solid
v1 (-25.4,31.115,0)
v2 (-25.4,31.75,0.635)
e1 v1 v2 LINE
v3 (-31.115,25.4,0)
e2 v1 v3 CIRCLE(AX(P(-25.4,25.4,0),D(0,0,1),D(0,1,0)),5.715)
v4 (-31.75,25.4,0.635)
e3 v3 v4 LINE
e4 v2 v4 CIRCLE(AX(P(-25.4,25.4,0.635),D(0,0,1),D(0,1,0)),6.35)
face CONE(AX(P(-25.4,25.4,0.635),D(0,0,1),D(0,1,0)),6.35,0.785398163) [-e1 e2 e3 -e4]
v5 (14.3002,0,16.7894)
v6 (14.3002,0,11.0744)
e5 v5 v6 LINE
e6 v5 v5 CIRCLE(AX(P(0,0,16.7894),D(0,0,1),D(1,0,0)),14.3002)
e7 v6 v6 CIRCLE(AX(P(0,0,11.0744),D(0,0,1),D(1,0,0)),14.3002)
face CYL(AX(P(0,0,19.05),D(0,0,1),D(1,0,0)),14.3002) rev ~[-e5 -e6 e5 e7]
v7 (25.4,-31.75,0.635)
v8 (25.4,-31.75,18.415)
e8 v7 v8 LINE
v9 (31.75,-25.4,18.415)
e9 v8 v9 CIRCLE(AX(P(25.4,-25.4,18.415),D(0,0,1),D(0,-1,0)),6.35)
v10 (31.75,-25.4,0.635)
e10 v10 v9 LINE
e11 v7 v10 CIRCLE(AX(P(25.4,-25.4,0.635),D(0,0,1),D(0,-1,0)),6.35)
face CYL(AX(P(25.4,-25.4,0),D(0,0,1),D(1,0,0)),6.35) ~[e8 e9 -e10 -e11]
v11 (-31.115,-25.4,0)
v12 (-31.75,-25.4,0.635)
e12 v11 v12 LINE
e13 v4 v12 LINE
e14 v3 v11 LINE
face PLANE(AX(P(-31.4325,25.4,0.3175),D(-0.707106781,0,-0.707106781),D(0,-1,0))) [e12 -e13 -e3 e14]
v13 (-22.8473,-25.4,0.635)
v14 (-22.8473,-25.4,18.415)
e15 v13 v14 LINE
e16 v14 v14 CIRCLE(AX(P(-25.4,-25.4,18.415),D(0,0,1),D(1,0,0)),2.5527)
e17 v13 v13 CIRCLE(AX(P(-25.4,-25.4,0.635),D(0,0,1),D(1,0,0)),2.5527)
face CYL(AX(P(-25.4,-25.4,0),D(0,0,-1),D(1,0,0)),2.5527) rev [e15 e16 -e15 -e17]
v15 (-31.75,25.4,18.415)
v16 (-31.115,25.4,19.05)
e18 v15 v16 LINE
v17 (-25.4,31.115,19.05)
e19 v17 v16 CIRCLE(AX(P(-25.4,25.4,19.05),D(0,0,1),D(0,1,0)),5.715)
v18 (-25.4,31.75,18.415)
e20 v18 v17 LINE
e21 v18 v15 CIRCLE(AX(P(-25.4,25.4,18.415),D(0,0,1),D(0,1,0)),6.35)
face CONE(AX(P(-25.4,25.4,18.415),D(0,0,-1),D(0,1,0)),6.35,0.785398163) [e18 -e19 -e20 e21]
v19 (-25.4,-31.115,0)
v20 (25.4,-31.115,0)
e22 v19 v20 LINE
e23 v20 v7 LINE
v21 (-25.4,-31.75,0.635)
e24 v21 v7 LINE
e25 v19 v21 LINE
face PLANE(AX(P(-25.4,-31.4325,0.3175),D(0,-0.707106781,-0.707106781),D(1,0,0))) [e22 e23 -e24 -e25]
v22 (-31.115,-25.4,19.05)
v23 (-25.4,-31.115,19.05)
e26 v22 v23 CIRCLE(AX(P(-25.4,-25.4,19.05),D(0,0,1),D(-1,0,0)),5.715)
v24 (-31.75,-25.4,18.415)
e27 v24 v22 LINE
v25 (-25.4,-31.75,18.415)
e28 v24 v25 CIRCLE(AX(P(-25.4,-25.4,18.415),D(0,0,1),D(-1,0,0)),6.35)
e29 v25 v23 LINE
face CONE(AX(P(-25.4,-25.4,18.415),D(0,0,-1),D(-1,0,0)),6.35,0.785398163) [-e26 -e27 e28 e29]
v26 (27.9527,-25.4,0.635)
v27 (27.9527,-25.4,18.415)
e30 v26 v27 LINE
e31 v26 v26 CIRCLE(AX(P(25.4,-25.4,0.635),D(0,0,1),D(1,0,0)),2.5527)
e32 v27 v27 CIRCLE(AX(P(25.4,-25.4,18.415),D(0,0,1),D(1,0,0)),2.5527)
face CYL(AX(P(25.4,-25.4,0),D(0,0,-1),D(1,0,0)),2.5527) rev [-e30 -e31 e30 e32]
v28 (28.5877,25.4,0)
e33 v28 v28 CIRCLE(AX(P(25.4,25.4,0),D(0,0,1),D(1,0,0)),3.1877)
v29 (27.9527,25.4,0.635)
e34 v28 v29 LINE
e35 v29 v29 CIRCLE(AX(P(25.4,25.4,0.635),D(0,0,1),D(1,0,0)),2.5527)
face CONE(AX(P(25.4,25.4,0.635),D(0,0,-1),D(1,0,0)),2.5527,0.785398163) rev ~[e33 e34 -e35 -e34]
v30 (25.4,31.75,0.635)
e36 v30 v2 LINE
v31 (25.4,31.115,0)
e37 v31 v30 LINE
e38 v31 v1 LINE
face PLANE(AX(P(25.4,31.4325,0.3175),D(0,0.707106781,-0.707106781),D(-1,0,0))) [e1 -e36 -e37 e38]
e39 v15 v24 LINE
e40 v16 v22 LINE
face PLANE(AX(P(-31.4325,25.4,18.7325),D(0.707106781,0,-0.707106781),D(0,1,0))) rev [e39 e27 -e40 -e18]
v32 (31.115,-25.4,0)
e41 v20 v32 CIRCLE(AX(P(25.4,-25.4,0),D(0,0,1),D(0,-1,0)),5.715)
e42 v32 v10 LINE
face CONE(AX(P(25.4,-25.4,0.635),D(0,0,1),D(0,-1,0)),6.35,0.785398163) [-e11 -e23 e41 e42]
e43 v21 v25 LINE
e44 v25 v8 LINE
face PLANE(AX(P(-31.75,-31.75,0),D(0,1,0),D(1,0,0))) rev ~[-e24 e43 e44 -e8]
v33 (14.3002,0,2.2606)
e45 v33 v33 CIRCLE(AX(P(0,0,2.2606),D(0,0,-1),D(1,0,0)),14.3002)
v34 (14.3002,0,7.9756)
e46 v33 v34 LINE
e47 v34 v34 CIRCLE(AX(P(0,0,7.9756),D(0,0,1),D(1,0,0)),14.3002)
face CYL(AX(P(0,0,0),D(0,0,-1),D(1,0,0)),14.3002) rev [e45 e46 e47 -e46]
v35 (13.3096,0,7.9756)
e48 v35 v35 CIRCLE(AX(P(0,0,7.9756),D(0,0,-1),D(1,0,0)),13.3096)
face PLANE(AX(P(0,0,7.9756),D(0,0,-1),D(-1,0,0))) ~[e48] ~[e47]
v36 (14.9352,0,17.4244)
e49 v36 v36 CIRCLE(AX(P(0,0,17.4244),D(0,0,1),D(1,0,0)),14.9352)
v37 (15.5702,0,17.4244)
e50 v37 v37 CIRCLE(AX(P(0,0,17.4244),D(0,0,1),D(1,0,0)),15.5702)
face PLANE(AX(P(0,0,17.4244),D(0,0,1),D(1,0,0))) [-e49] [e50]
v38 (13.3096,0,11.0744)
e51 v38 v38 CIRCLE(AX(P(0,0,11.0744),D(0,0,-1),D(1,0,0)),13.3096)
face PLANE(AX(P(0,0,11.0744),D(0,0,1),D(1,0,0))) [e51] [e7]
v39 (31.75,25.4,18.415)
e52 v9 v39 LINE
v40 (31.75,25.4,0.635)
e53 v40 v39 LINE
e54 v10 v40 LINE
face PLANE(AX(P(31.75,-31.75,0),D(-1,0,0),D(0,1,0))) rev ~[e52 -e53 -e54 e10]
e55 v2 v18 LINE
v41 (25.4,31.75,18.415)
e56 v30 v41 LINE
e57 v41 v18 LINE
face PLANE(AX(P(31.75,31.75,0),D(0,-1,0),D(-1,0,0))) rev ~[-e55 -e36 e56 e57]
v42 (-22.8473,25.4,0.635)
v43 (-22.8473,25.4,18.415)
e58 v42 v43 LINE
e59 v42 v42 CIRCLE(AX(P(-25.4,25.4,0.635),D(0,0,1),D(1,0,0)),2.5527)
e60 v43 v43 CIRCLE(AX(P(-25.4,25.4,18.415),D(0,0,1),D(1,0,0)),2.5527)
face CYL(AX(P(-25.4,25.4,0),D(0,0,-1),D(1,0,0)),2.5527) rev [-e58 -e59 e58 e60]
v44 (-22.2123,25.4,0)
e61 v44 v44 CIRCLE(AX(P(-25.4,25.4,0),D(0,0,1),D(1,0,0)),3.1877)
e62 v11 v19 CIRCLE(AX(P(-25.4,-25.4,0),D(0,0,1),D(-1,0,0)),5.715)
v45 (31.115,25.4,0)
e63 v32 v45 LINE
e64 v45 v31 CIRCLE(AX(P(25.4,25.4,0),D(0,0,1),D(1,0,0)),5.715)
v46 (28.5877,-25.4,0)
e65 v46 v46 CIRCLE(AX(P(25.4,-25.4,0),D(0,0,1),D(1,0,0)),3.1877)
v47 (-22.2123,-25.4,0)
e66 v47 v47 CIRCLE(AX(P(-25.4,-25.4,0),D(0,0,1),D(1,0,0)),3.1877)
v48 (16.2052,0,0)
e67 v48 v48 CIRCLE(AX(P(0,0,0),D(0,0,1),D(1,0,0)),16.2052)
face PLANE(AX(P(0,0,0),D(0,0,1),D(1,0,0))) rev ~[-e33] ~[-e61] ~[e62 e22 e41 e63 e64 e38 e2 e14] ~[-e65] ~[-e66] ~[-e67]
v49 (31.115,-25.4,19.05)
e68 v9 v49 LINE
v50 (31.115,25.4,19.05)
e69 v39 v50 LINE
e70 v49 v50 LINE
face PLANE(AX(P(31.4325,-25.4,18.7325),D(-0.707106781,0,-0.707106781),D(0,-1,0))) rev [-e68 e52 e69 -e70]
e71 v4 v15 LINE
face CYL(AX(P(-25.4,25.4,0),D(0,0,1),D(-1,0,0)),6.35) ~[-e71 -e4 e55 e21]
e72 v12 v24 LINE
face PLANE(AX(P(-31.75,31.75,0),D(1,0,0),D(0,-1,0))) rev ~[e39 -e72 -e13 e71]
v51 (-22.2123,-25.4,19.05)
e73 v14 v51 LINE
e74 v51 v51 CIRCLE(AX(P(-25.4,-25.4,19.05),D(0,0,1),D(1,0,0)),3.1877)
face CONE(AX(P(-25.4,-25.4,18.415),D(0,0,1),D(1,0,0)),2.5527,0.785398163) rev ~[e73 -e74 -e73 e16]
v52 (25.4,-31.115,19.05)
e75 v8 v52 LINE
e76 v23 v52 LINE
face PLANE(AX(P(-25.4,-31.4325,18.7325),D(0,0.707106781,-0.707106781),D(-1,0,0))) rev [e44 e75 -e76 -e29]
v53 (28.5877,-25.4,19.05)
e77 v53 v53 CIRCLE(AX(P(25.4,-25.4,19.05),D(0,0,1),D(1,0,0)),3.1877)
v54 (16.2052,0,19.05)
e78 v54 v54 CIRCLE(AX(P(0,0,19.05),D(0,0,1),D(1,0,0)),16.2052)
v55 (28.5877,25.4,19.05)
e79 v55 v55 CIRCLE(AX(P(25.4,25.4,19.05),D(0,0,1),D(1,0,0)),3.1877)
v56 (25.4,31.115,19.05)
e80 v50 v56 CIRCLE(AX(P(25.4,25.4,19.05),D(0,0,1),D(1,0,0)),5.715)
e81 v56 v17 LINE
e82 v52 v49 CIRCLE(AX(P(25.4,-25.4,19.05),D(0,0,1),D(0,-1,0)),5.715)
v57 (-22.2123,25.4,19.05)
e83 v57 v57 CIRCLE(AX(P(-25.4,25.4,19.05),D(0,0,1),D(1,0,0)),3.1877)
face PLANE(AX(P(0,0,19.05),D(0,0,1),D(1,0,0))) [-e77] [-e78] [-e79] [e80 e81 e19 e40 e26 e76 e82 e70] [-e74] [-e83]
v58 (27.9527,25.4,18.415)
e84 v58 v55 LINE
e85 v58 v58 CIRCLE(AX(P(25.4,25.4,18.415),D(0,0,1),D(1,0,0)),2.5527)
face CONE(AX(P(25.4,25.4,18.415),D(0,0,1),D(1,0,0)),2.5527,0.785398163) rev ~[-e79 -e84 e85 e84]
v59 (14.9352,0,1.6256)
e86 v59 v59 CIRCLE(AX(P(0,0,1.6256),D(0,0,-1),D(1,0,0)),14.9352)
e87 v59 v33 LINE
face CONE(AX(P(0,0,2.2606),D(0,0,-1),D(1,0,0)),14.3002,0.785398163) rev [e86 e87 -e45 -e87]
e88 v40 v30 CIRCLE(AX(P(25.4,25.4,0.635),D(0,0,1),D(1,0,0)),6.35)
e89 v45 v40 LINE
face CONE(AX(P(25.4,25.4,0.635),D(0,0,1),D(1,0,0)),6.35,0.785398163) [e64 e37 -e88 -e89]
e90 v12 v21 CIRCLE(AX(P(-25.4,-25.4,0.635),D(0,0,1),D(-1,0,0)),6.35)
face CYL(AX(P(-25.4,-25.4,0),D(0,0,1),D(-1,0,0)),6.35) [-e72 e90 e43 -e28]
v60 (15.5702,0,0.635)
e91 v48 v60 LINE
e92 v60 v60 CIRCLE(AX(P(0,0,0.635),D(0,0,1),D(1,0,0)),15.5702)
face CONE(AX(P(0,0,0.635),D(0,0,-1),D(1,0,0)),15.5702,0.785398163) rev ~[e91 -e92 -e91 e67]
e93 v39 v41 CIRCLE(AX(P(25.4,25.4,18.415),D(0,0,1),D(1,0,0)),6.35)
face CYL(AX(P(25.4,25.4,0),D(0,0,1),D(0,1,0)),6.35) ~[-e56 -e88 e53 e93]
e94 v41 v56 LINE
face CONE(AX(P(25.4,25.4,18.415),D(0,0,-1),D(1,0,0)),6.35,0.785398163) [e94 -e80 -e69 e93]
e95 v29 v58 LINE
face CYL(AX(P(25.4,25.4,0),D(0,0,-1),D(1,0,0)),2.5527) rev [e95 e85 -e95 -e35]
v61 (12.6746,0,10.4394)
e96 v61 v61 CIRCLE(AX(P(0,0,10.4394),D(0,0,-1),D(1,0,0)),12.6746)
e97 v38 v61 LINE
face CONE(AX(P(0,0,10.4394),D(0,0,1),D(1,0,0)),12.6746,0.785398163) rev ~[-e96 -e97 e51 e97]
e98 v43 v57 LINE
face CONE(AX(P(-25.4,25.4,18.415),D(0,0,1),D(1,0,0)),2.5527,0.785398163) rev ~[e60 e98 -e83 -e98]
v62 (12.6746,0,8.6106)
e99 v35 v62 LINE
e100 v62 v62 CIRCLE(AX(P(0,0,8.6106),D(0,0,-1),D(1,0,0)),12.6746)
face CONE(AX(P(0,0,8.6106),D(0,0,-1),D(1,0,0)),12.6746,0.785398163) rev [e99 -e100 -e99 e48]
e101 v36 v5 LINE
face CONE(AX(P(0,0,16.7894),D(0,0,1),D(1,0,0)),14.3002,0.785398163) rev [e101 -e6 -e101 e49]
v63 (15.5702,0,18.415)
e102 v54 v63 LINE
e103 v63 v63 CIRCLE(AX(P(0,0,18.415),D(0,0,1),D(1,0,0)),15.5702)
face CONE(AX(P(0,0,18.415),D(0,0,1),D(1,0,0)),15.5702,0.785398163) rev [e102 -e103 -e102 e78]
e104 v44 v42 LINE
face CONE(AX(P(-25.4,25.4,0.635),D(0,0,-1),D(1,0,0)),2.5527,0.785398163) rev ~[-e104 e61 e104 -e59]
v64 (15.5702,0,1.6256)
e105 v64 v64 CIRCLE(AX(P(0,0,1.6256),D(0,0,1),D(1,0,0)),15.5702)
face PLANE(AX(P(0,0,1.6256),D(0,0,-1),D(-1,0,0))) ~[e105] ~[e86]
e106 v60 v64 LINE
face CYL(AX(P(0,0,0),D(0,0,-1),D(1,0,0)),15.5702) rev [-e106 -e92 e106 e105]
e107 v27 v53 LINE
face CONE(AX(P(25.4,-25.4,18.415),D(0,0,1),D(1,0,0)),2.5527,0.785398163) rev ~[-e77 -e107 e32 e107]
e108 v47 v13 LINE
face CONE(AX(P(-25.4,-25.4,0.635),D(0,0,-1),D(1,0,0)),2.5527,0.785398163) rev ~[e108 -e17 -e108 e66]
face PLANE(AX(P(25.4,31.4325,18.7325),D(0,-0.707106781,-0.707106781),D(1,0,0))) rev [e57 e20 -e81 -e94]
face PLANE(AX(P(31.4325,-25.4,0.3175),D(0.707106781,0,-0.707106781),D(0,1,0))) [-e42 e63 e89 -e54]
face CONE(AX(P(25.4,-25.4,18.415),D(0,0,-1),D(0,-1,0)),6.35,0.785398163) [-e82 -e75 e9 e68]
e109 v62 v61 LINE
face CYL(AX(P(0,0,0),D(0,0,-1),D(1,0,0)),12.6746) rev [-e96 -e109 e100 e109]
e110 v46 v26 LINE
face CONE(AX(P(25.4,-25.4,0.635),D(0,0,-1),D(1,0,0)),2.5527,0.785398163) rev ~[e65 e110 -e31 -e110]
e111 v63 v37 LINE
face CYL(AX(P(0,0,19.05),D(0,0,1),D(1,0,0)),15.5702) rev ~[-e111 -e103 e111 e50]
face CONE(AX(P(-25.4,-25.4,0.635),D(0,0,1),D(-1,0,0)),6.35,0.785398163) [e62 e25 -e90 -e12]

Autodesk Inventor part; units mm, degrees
ref_plane "YZ Plane" through (0, 0, 0) normal (1, 0, 0) x (0, 1, 0)
ref_plane "XZ Plane" through (0, 0, 0) normal (0, 1, 0) x (-1, 0, 0)
sketch "Sketch1" plane through (0, 0, 0) normal (0, 0, 1) x (1, 0, 0)
  line L0 (-31.75, -31.75) -> (31.75, -31.75)
  line L1 (31.75, -31.75) -> (31.75, 31.75)
  line L2 (31.75, 31.75) -> (-31.75, 31.75)
  line L3 (-31.75, 31.75) -> (-31.75, -31.75)
  line L4 (-31.75, -31.75) -> (31.75, 31.75) construction
  line L5 (31.75, -31.75) -> (-31.75, 31.75) construction
  circle A0 centre (-25.4, 25.4) radius 2.5527
  circle A1 centre (25.4, 25.4) radius 2.5527
  circle A2 centre (-25.4, -25.4) radius 2.5527
  circle A3 centre (25.4, -25.4) radius 2.5527
  circle A4 centre (0, 0) radius 12.6746
  dimension "d0" = 63.5
  dimension "d1" = 63.5
  dimension "d2" = 6.35
  dimension "d5" = 50.8
  dimension "d8" = 50.8
  dimension "d11" = 5.1054
  dimension "d12" = 25.3492
extrude "Extrusion1" add sketch "Sketch1" along normal blind 19.05
fillet "Fillet1" radius 6.35 4 edges at (31.75, 31.75, 9.525) (31.75, -31.75, 9.525) (-31.75, -31.75, 9.525) (-31.75, 31.75, 9.525)
sketch "Sketch2" plane through (0, 0, 19.05) normal (0, 0, 1) x (1, 0, 0)
  circle A0 centre (0, 0) radius 14.3002
  dimension "d16" = 28.6004
extrude "Extrusion2" cut sketch "Sketch2" against normal blind 7.9756
sketch "Sketch3" plane through (0, 0, 19.05) normal (0, 0, 1) x (1, 0, 0)
  circle A0 centre (0, 0) radius 15.5702
  dimension "d19" = 31.1404
extrude "Extrusion3" cut sketch "Sketch3" against normal blind 1.6256
ref_plane "Work Plane1" through (0, 0, 9.525) normal (0, 0, 1) x (1, 0, 0)
mirror "Mirror1" about plane through (0, 0, 9.525) normal (0, 0, 1) of "Extrusion2", "Extrusion3"
chamfer "Chamfer1" distance 0.635 angle 45 16 edges at (-31.75, 0, 19.05) (-29.8901, -29.8901, 19.05) (0, -31.75, 19.05) (29.8901, -29.8901, 19.05) (31.75, 0, 19.05) (29.8901, 29.8901, 19.05) (0, 31.75, 19.05) (-29.8901, 29.8901, 19.05) (0, -31.75, 0) (29.8901, -29.8901, 0) (31.75, 0, 0) (29.8901, 29.8901, 0) (0, 31.75, 0) (-29.8901, 29.8901, 0) (-31.75, 0, 0) (-29.8901, -29.8901, 0)
chamfer "Chamfer2" distance 0.635 angle 45 6 edges at (-15.5702, 0, 19.05) (-14.3002, 0, 17.4244) (-12.6746, 0, 11.0744) (-12.6746, 0, 7.9756) (-14.3002, 0, 1.6256) (-15.5702, 0, 0)
chamfer "Chamfer3" distance 0.635 angle 45 8 edges at (-27.9527, -25.4, 19.05) (22.8473, -25.4, 19.05) (22.8473, 25.4, 19.05) (-27.9527, 25.4, 19.05) (22.8473, 25.4, 0) (22.8473, -25.4, 0) (-27.9527, -25.4, 0) (-27.9527, 25.4, 0)
properties part number "BearingBlockForPrototypePlate2"
